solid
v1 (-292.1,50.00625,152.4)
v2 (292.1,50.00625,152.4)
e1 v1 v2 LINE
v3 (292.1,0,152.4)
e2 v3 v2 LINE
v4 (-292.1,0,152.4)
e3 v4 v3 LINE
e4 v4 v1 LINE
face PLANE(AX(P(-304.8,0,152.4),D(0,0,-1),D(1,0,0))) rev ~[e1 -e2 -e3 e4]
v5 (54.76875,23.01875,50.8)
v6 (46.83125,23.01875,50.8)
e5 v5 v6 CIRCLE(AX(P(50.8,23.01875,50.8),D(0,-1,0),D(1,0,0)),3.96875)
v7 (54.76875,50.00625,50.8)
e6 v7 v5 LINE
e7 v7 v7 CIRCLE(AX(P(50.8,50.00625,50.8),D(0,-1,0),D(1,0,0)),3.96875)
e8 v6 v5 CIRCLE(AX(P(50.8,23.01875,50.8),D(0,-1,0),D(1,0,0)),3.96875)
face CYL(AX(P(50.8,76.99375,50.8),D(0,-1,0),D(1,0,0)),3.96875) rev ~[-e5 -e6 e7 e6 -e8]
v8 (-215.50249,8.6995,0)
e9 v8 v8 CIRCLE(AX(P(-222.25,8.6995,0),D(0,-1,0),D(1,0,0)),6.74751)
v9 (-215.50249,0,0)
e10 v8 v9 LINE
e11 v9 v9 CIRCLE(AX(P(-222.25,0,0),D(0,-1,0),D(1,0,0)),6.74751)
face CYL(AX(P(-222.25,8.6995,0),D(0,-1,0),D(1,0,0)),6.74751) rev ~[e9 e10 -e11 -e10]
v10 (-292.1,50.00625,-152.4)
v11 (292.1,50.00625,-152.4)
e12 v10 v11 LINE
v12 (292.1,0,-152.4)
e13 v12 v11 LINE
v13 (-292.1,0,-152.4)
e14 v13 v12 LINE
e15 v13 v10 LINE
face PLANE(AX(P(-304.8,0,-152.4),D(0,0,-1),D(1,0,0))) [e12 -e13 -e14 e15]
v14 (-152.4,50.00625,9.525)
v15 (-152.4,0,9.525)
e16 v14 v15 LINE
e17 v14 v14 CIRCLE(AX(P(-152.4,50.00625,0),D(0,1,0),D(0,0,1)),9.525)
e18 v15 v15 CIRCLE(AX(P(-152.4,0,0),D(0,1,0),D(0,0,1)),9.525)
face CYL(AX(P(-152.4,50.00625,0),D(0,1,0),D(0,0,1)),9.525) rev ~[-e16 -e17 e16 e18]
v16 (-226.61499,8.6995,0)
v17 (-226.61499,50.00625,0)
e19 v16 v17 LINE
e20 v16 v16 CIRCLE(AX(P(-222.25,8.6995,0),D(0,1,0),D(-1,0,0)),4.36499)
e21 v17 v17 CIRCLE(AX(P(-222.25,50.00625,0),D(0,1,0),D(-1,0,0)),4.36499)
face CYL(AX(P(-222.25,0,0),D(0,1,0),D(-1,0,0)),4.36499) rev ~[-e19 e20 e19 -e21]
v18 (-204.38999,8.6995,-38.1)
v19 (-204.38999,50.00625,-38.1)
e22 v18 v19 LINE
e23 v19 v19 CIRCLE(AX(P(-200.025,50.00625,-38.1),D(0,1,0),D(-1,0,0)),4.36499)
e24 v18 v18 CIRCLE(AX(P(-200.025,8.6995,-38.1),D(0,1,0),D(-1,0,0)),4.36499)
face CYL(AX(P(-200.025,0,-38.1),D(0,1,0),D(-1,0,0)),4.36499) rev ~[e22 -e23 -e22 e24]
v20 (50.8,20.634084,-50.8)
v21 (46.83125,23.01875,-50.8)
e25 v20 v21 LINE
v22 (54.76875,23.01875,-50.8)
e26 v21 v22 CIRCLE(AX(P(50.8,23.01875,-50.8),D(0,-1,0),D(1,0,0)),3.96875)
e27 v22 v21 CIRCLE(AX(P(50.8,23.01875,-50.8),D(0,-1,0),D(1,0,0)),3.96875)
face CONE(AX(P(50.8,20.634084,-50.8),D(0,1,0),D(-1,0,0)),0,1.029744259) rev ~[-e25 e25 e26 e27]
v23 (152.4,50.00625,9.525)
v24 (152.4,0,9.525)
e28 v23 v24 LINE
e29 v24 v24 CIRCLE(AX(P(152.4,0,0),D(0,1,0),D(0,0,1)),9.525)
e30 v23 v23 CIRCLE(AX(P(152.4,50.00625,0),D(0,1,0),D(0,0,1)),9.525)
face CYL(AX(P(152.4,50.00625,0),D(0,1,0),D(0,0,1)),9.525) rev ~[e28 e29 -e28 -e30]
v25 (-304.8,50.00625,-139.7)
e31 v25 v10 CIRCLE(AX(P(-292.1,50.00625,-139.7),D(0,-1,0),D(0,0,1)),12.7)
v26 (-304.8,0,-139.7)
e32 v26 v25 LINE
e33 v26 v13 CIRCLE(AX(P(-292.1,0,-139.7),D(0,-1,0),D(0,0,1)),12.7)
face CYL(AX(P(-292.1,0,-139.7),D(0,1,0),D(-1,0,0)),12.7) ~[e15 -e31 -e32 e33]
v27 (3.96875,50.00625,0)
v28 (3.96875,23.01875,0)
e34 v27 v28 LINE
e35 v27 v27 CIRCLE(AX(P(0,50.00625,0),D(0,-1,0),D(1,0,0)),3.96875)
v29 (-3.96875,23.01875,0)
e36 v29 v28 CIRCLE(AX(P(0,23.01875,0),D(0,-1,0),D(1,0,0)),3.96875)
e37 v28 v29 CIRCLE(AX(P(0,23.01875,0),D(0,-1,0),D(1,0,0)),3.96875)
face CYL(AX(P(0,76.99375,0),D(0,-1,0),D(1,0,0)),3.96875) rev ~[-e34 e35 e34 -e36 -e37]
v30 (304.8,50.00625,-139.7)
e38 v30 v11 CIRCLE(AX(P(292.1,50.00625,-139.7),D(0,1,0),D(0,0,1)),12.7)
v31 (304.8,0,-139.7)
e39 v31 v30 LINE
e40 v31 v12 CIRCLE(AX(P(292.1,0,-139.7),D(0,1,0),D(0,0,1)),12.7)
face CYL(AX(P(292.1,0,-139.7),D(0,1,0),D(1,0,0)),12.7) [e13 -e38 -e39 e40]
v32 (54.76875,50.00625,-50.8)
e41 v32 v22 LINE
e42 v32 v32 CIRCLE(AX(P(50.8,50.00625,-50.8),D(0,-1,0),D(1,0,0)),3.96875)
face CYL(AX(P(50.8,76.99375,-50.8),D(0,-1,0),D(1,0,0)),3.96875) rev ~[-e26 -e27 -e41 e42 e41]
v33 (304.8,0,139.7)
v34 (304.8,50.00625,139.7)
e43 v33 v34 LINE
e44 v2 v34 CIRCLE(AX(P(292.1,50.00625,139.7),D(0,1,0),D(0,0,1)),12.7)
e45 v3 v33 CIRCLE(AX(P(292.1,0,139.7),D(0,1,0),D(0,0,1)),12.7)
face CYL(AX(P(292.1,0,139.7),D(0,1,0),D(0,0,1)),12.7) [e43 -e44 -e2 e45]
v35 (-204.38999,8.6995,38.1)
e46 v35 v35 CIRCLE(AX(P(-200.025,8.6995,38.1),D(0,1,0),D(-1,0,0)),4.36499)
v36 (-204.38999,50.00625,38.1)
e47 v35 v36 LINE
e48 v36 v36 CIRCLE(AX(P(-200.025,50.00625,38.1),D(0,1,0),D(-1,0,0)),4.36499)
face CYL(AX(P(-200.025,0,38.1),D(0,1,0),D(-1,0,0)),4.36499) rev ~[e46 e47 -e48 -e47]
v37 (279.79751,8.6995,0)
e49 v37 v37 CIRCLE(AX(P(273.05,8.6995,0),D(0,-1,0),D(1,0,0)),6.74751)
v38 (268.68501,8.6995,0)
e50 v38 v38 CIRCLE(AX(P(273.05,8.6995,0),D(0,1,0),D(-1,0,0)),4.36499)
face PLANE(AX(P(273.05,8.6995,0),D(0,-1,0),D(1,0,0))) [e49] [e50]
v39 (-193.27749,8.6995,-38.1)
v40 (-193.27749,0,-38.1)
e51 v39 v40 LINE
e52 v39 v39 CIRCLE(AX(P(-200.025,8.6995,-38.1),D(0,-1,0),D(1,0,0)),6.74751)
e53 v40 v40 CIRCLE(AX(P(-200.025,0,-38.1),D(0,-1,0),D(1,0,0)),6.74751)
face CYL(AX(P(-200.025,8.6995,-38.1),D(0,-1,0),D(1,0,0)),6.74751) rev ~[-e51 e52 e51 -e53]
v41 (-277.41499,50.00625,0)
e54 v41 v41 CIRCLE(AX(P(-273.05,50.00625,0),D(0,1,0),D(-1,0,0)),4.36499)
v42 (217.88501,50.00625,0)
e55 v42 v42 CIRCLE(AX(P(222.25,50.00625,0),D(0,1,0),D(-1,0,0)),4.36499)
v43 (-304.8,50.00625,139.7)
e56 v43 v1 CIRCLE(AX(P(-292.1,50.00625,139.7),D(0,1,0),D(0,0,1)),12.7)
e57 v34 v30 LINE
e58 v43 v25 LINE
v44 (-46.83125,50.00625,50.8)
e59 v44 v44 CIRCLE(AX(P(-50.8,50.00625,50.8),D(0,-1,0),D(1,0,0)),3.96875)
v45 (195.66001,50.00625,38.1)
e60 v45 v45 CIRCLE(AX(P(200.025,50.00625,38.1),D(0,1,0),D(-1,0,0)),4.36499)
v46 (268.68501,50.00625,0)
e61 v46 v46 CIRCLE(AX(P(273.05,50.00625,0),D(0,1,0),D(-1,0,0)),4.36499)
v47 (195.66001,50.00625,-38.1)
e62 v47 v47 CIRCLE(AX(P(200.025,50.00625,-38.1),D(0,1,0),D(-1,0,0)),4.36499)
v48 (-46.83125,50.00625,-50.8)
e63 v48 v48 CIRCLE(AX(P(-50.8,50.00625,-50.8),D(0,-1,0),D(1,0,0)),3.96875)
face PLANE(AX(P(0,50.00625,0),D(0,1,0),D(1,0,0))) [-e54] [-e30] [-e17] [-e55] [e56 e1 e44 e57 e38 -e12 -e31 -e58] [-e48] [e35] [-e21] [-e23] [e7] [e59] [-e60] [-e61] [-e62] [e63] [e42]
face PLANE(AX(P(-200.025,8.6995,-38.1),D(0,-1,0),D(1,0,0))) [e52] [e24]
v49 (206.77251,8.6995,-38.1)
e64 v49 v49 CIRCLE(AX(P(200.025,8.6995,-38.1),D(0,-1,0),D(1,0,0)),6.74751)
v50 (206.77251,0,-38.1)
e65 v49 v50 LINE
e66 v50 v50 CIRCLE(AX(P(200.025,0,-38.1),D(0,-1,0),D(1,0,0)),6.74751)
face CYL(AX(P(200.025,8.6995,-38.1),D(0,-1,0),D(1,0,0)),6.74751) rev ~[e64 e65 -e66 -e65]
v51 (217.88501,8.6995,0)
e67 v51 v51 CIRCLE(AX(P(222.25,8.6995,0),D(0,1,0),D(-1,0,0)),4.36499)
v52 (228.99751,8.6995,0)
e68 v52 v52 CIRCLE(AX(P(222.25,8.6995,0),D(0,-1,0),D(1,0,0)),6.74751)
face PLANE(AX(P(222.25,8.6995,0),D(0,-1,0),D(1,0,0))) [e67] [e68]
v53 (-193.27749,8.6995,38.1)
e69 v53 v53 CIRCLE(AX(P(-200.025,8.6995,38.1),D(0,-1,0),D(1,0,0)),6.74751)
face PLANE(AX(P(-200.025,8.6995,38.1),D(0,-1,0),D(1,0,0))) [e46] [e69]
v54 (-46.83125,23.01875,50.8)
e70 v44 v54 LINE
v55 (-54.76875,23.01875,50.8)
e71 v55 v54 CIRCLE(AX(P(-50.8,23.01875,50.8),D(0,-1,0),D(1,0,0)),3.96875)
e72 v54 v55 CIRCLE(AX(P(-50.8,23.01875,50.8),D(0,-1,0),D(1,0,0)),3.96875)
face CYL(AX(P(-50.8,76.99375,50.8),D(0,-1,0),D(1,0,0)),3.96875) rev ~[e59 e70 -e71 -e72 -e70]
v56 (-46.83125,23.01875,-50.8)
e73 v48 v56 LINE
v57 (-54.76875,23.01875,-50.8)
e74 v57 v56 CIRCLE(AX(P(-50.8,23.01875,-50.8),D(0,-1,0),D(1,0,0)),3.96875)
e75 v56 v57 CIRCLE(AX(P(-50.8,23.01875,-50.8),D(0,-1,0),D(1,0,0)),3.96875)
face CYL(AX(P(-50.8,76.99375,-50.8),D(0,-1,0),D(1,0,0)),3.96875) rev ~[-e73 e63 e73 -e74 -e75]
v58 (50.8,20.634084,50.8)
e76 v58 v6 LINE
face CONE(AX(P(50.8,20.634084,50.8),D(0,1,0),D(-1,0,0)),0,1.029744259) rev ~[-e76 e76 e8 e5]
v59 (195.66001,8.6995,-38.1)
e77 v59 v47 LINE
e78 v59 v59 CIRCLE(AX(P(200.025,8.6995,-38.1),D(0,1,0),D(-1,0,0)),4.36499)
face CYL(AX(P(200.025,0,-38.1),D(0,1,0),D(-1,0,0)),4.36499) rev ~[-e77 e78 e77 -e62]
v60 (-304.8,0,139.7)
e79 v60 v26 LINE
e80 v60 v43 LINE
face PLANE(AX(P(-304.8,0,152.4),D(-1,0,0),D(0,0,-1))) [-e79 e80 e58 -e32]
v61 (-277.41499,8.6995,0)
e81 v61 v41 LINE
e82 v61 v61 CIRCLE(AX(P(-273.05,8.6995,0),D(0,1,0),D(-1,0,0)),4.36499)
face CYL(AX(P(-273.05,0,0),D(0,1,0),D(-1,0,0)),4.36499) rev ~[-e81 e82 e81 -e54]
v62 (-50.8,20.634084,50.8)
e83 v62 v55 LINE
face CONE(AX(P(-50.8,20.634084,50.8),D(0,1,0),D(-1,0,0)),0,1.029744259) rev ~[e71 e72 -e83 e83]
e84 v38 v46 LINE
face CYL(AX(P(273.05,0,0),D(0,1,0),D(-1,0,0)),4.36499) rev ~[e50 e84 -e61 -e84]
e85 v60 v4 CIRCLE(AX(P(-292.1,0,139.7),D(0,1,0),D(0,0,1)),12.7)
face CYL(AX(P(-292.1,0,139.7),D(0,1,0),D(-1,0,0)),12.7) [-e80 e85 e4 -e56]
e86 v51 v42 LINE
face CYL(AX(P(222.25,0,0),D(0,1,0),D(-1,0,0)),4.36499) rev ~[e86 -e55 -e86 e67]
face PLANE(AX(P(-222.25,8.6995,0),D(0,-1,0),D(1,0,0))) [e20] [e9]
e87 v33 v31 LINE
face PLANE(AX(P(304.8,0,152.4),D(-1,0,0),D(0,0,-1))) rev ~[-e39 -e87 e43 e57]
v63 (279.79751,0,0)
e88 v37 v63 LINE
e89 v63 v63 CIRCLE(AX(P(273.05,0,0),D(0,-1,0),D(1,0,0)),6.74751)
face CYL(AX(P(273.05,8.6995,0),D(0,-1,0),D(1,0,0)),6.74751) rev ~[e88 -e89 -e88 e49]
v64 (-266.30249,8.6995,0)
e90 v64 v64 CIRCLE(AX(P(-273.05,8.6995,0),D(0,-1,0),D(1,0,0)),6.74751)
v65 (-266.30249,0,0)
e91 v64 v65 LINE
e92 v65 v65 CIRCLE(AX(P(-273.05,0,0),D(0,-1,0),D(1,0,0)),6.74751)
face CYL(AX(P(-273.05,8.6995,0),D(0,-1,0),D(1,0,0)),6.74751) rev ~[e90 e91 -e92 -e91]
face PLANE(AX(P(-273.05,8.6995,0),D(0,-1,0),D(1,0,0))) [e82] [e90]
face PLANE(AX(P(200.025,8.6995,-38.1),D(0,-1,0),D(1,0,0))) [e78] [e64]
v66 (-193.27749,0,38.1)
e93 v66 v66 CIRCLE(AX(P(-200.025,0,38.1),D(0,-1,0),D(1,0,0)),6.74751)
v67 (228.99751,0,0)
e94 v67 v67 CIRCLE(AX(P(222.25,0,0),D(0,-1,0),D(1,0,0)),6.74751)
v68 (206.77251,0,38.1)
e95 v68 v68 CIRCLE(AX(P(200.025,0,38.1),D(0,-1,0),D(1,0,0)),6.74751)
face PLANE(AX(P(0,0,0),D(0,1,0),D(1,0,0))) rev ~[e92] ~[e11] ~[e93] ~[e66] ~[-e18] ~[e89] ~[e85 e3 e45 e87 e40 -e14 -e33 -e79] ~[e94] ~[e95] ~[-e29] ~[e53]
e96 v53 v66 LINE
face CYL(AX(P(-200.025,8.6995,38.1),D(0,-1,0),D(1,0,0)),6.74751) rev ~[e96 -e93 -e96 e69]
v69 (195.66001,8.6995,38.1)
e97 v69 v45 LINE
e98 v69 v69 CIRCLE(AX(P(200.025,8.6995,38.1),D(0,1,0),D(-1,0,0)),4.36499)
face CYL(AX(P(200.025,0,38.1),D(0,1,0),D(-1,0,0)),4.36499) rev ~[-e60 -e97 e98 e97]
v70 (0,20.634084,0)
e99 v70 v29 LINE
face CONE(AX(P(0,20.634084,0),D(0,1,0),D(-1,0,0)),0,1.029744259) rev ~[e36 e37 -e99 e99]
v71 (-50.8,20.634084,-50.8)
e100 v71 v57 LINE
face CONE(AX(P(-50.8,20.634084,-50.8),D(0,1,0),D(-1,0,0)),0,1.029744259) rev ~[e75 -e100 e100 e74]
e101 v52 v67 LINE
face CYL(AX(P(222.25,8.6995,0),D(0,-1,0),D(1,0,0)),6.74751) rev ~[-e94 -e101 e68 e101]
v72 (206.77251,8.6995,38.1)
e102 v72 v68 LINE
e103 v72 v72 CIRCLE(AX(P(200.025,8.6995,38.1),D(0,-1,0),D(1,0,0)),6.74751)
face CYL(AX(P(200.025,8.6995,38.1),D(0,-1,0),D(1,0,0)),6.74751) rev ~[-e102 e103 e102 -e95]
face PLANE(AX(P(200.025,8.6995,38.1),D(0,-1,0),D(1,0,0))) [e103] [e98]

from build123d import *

# Parameters (mm, degrees)
SKETCH1_W                                         = 609.6
SKETCH1_H                                         = 304.8
EXTRUDE1_DEPTH                                    = 50.00625
FILLET1_R                                         = 12.7
SKETCH2_R                                         = 9.525
CUT_EXTRUDE1_DEPTH                                = 345.426225829
CBORE_FOR_5_16_SOCKET_HEAD_CAP_SCREW1_D           = 8.72998
CBORE_FOR_5_16_SOCKET_HEAD_CAP_SCREW1_CBORE_D     = 13.49502
CBORE_FOR_5_16_SOCKET_HEAD_CAP_SCREW1_CBORE_DEPTH = 8.6995
F_3_8_16_TAPPED_HOLE1_D                           = 7.9375
F_3_8_16_TAPPED_HOLE1_DEPTH                       = 26.9875
F_3_8_16_TAPPED_HOLE1_TIP                         = 2.384665582


with BuildPart() as part:
    # Sketch1 → Extrude1 (new body)
    with BuildSketch(Plane(origin=(0, 0, 0), x_dir=(1, 0, 0), z_dir=(0, 1, 0))):
        Rectangle(SKETCH1_W, SKETCH1_H)
    extrude(amount=EXTRUDE1_DEPTH)

    # Fillet1
    fillet1_edges = [part.edges().sort_by_distance(p)[0] for p in [
        (-304.8, 25.003125, -152.4),
        (304.8, 25.003125, -152.4),
        (304.8, 25.003125, 152.4),
        (-304.8, 25.003125, 152.4),
    ]]
    fillet(fillet1_edges, radius=FILLET1_R)

    # Sketch2 → Cut-Extrude1 (cut, through all)
    with BuildSketch(Plane(origin=(0, 50.00625, 0), x_dir=(-1, 0, 0), z_dir=(0, 1, 0))):
        with Locations(Location((152.4, 0, 0), (0, 0, 90))):
            Circle(SKETCH2_R)
        with Locations(Location((-152.4, 0, 0), (0, 0, 90))):
            Circle(SKETCH2_R)
    extrude(amount=-CUT_EXTRUDE1_DEPTH, mode=Mode.SUBTRACT)

    # CBORE for 5/16 Socket Head Cap Screw1 (through all)
    with Locations(Plane.XZ):
        with Locations((-200.025, 38.1), (-200.025, -38.1), (200.025, -38.1), (200.025, 38.1), (-222.25, 0), (-273.05, 0), (222.25, 0), (273.05, 0)):
            CounterBoreHole(CBORE_FOR_5_16_SOCKET_HEAD_CAP_SCREW1_D / 2, CBORE_FOR_5_16_SOCKET_HEAD_CAP_SCREW1_CBORE_D / 2, CBORE_FOR_5_16_SOCKET_HEAD_CAP_SCREW1_CBORE_DEPTH)

    # 3/8-16 Tapped Hole1
    with Locations(Plane(origin=(0, 50.00625, 0), x_dir=(-1, 0, 0), z_dir=(0, 1, 0))):
        with Locations((50.8, 50.8), (50.8, -50.8), (-50.8, -50.8), (-50.8, 50.8), (0, 0)):
            Hole(F_3_8_16_TAPPED_HOLE1_D / 2, depth=F_3_8_16_TAPPED_HOLE1_DEPTH)
            with Locations((0, 0, -(F_3_8_16_TAPPED_HOLE1_DEPTH + F_3_8_16_TAPPED_HOLE1_TIP / 2))):  # 118° drill point
                Cone(0, F_3_8_16_TAPPED_HOLE1_D / 2, F_3_8_16_TAPPED_HOLE1_TIP, mode=Mode.SUBTRACT)


solid = part.part
